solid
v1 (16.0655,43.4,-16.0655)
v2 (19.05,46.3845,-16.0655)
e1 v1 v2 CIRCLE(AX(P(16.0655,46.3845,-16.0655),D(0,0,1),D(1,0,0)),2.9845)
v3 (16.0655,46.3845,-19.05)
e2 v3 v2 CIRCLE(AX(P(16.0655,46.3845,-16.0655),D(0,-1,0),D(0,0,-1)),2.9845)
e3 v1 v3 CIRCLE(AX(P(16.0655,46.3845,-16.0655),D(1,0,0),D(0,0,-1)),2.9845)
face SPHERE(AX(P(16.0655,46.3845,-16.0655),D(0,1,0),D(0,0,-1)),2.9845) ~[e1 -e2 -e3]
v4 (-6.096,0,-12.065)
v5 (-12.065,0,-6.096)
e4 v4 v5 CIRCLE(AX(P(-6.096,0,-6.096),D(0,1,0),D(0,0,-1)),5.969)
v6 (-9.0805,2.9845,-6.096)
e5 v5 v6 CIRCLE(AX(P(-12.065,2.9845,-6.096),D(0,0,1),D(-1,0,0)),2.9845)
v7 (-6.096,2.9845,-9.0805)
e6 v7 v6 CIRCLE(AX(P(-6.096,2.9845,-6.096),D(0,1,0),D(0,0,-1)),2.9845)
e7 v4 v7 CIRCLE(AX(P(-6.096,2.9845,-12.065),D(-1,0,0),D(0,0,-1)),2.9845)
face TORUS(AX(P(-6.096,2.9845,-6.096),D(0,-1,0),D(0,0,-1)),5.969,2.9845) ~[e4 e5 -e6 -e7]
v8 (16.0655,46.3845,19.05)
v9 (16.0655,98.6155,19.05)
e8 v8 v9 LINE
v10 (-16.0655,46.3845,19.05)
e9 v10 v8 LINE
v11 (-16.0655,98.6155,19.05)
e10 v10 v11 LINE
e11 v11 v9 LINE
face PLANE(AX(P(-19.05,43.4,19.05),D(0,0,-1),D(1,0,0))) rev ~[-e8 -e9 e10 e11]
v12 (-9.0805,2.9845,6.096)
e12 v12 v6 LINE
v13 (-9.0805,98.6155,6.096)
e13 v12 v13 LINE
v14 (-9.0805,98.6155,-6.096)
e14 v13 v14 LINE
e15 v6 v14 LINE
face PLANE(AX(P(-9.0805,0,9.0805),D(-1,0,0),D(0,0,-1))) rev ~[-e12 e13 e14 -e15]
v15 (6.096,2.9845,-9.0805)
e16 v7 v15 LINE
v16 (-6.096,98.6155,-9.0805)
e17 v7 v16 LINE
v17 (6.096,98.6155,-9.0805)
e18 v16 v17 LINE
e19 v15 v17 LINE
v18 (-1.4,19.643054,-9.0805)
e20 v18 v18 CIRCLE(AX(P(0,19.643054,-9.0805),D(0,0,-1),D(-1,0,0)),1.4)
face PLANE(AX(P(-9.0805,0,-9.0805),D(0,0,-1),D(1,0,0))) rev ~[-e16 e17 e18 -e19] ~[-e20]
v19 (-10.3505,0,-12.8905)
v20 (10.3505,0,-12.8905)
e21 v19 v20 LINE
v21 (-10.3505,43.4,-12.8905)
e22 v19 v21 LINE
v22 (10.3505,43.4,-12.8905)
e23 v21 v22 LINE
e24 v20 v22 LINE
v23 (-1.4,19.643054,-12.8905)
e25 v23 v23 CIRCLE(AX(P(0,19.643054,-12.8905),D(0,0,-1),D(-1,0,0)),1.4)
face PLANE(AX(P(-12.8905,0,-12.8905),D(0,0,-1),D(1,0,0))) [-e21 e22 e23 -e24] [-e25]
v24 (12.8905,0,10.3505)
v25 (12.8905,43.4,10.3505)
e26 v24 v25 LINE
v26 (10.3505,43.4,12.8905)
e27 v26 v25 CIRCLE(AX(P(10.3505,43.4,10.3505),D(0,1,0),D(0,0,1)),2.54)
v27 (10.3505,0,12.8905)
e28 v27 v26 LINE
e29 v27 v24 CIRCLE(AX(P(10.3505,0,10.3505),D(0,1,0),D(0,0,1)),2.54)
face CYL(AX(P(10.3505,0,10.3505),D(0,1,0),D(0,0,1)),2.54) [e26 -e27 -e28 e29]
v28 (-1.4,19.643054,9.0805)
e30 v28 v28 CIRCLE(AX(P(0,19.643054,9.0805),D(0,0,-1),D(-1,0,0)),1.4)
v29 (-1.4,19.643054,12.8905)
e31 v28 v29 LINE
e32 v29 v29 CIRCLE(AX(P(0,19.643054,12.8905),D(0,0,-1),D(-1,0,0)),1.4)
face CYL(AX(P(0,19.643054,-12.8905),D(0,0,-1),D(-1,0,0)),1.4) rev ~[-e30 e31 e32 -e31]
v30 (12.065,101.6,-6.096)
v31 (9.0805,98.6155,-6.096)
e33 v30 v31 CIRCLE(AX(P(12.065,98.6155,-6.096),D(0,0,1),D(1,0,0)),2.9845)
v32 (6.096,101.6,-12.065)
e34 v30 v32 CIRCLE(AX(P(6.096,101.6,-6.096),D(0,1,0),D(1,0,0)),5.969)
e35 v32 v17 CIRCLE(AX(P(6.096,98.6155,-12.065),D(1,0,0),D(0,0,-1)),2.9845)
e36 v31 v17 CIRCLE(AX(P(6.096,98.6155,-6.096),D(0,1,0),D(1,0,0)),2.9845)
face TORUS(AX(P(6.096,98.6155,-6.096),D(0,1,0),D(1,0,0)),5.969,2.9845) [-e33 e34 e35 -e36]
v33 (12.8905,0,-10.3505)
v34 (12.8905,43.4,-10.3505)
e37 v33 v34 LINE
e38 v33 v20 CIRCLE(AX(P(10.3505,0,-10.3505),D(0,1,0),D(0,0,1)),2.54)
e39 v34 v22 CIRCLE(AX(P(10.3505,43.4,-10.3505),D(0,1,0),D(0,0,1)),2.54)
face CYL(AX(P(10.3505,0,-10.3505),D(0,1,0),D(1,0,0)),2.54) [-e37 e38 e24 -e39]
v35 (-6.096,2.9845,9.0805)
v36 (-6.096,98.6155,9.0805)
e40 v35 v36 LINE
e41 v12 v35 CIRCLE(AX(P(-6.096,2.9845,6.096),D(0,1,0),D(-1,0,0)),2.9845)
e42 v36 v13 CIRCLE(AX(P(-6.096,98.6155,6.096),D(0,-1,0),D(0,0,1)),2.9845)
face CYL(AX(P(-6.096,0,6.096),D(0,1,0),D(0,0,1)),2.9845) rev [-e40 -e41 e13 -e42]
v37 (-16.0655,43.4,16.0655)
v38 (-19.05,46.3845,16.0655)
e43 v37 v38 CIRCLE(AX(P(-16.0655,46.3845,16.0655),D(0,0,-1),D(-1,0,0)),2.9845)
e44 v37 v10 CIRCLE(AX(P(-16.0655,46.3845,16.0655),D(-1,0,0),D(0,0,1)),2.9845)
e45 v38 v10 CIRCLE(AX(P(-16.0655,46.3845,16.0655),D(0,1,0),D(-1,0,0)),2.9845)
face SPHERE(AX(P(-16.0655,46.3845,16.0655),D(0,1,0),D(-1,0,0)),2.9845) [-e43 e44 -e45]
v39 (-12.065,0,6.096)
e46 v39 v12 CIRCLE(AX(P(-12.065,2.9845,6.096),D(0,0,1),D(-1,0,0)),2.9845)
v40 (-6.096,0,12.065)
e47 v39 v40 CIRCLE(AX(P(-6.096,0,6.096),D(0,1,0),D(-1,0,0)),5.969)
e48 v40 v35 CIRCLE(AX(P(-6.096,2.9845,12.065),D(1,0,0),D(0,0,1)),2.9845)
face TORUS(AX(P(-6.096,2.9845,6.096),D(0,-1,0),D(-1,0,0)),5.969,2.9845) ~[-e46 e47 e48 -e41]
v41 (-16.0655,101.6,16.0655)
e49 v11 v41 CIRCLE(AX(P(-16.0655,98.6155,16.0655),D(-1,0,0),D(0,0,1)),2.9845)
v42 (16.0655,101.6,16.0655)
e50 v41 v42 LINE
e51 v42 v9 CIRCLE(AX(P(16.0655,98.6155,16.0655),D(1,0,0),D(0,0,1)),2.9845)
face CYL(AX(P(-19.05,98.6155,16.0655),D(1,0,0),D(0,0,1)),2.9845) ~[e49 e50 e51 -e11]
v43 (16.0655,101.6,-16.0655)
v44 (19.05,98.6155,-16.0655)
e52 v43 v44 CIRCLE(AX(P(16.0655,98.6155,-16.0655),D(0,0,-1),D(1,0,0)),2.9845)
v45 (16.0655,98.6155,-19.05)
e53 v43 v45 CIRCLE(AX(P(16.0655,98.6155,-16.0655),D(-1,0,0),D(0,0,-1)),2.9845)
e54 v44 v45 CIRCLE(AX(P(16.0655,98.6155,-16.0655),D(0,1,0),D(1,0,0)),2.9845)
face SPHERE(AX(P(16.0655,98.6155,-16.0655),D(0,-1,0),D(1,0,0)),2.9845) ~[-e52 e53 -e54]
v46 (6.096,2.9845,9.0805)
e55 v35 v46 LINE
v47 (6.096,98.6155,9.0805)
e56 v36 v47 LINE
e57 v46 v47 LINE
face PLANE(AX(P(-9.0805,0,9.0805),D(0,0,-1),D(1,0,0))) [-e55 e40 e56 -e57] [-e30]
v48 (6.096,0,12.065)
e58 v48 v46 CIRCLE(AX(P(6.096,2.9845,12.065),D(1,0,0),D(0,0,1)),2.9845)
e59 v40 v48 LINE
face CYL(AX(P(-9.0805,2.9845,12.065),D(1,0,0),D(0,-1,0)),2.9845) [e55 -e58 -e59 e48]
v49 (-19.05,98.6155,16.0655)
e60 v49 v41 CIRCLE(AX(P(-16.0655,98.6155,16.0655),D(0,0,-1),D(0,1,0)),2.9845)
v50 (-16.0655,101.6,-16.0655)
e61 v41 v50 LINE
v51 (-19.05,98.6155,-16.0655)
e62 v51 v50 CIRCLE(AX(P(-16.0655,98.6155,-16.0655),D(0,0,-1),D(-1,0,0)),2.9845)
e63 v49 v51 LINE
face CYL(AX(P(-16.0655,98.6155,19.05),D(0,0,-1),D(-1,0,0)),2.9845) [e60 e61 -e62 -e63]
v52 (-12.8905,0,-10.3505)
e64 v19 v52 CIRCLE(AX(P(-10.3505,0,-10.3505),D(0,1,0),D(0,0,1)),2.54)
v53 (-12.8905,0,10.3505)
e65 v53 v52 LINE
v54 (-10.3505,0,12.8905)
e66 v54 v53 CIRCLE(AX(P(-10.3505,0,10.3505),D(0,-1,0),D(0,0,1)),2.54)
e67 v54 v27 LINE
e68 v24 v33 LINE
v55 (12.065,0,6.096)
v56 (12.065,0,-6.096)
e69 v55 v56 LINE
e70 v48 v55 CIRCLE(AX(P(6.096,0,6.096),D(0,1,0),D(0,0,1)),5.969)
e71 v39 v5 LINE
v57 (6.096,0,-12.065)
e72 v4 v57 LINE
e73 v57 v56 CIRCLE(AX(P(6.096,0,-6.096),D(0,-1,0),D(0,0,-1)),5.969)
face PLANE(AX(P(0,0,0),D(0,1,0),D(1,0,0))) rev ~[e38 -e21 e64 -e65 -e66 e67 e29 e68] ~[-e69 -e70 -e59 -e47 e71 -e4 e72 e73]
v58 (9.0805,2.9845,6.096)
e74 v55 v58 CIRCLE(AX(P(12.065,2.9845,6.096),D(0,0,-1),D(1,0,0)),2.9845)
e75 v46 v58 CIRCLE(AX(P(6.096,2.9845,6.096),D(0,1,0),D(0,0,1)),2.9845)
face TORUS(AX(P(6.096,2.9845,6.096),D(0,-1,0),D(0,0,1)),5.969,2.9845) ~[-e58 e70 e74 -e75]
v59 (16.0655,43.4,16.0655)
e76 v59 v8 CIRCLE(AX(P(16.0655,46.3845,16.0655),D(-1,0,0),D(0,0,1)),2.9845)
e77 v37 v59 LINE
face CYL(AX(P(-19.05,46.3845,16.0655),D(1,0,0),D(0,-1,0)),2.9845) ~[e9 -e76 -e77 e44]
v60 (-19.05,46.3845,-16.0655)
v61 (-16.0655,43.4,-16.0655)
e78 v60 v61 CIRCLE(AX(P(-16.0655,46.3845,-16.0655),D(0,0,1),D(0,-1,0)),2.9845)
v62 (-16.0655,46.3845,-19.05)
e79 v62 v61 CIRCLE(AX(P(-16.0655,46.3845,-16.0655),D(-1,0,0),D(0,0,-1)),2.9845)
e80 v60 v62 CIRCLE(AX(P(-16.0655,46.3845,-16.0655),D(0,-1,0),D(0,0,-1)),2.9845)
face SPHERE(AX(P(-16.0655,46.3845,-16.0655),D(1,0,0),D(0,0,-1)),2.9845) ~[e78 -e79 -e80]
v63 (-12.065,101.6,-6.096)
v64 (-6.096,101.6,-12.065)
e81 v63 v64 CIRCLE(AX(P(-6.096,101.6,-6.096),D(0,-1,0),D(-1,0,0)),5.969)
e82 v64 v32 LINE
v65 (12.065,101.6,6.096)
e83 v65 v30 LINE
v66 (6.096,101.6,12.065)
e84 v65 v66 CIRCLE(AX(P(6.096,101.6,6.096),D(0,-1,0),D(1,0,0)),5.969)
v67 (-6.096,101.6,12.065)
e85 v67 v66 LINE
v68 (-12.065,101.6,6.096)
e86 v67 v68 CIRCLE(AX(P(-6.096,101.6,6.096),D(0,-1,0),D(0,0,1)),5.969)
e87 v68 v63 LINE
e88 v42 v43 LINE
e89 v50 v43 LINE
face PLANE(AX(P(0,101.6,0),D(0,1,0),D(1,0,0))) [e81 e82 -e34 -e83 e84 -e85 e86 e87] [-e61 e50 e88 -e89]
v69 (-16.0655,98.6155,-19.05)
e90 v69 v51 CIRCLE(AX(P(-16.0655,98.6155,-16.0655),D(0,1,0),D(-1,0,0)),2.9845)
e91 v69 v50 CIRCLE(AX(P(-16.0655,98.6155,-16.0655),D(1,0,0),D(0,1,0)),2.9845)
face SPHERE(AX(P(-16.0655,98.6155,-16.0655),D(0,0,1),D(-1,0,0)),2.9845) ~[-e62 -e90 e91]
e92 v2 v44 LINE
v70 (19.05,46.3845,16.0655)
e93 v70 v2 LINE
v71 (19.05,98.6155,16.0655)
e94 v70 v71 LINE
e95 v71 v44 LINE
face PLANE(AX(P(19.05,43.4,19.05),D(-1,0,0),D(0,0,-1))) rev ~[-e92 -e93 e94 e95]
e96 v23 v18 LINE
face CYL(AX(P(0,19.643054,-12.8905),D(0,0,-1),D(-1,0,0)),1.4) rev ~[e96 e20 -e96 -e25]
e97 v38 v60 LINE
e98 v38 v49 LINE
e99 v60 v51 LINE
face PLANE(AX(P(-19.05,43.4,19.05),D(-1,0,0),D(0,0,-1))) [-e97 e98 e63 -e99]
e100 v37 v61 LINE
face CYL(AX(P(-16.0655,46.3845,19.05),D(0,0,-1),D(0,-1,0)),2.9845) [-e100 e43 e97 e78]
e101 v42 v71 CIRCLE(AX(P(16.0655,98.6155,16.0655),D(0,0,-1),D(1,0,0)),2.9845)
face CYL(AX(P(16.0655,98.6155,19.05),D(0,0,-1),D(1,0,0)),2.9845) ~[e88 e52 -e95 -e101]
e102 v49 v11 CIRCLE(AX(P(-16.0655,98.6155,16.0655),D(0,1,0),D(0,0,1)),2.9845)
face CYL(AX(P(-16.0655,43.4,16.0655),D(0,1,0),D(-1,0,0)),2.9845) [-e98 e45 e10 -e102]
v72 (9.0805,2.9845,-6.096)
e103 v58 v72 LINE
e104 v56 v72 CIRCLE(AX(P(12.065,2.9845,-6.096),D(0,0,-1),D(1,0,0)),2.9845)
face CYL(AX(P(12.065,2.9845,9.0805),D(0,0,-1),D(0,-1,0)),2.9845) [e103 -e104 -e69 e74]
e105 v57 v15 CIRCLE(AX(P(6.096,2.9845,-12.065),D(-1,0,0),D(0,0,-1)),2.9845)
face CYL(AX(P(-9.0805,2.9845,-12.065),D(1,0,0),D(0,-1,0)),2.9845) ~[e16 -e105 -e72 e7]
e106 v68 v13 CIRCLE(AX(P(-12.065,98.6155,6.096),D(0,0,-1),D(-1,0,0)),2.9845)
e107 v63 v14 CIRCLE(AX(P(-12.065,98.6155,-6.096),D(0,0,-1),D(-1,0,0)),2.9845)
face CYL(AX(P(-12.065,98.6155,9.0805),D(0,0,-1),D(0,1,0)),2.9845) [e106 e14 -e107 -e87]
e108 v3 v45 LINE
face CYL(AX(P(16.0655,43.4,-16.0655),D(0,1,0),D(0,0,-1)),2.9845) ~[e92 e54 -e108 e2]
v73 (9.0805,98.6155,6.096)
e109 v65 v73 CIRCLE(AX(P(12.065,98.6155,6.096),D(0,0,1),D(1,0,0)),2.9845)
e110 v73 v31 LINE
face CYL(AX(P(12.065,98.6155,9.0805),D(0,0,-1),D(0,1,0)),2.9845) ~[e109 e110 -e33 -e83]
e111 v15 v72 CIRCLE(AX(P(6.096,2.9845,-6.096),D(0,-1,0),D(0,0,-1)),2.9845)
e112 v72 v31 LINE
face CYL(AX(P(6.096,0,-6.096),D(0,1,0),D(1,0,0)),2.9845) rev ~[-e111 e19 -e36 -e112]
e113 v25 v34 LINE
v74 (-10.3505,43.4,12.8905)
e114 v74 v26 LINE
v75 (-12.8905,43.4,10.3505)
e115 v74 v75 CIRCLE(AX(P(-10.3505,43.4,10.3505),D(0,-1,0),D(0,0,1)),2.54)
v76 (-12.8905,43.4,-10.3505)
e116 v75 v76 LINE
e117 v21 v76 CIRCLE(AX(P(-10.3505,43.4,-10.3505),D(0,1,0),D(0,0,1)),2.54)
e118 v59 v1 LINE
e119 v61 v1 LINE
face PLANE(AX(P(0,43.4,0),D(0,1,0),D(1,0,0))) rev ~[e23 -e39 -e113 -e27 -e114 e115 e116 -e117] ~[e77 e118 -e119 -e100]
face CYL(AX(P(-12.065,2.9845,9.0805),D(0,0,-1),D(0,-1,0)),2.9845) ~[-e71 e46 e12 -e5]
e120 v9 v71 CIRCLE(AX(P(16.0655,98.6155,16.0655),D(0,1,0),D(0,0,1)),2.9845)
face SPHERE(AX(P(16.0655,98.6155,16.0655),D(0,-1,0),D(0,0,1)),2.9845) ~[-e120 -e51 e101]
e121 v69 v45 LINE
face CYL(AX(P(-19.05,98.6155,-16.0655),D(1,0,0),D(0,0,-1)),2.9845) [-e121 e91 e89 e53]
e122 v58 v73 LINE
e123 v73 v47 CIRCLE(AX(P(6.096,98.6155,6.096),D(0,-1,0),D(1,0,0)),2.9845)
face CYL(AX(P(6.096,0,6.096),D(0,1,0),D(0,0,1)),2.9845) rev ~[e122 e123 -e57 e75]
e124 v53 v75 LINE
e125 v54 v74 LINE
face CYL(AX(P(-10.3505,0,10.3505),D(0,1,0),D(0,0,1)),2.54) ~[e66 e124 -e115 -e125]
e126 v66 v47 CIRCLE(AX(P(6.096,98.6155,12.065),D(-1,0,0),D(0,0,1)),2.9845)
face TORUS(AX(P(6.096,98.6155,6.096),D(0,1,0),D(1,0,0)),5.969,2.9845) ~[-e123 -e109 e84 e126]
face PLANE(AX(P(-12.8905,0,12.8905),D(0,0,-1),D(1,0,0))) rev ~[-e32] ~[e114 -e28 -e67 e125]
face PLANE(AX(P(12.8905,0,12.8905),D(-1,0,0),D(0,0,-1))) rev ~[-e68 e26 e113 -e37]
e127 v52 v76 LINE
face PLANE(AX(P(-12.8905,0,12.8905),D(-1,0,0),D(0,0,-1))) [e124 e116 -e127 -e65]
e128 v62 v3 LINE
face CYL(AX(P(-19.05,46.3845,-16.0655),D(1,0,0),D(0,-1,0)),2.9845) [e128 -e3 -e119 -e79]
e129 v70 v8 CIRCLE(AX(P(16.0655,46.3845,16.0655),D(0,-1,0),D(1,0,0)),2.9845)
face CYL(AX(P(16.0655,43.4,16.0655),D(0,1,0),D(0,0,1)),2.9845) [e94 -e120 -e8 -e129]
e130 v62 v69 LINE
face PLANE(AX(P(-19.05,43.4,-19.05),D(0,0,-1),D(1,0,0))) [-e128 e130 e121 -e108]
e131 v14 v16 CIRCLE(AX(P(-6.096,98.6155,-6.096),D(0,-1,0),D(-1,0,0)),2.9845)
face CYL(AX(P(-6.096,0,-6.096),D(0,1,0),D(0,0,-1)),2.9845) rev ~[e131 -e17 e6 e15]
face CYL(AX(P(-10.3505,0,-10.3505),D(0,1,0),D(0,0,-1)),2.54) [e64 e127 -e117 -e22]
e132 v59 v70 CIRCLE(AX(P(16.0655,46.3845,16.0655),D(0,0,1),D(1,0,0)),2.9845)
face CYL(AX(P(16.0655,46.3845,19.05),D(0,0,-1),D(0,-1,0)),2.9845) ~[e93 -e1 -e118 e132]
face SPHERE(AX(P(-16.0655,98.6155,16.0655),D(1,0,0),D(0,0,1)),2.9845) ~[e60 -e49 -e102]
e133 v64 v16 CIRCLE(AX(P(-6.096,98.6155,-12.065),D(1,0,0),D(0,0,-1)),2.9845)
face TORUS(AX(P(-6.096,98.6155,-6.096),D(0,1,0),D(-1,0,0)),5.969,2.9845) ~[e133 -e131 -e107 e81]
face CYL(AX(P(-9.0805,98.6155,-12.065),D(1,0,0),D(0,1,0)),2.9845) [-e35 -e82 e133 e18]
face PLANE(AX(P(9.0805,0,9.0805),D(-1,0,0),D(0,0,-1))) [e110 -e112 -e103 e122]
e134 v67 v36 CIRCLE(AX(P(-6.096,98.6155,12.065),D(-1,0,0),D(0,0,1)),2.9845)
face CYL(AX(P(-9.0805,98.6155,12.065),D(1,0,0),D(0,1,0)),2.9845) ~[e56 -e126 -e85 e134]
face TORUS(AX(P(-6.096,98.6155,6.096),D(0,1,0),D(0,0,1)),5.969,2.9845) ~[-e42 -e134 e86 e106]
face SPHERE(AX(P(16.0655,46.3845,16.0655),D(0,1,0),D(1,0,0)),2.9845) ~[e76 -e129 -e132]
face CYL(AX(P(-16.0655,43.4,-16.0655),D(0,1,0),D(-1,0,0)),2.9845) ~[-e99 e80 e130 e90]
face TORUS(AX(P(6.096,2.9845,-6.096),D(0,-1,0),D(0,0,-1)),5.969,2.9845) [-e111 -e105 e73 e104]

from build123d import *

# Parameters (mm, degrees)
SKETCH1_W           = 25.781
SKETCH1_H           = 25.781
SKETCH1_W_2         = 18.161
SKETCH1_H_2         = 18.161
BOSS_EXTRUDE1_DEPTH = 101.6
BOSS_EXTRUDE2_START = 43.4
SKETCH1_3_W         = 38.1
SKETCH1_3_H         = 38.1
SKETCH1_3_W_2       = 25.781
SKETCH1_3_H_2       = 25.781
BOSS_EXTRUDE2_DEPTH = 58.2
FILLET1_R           = 2.54
FILLET2_R           = 2.9845
SKETCH2_R           = 1.4
CUT_EXTRUDE1_DEPTH  = 37.592


with BuildPart() as part:
    # Sketch1 → Boss-Extrude1 (new body)
    with BuildSketch(Plane(origin=(0, 0, 0), x_dir=(1, 0, 0), z_dir=(0, 1, 0))):
        Rectangle(SKETCH1_W, SKETCH1_H)
        Rectangle(SKETCH1_W_2, SKETCH1_H_2, mode=Mode.SUBTRACT)
    extrude(amount=BOSS_EXTRUDE1_DEPTH)

    # Sketch1<3> → Boss-Extrude2 (add)
    with BuildSketch(Plane(origin=(0, 0, 0), x_dir=(1, 0, 0), z_dir=(0, 1, 0)).offset(BOSS_EXTRUDE2_START)):
        Rectangle(SKETCH1_3_W, SKETCH1_3_H)
        Rectangle(SKETCH1_3_W_2, SKETCH1_3_H_2, mode=Mode.SUBTRACT)
    extrude(amount=BOSS_EXTRUDE2_DEPTH)

    # Fillet1
    fillet1_edges = [part.edges().sort_by_distance(p)[0] for p in [
        (-12.8905, 21.7, -12.8905),
        (12.8905, 21.7, -12.8905),
        (12.8905, 21.7, 12.8905),
        (-12.8905, 21.7, 12.8905),
    ]]
    fillet(fillet1_edges, radius=FILLET1_R)

    # Fillet2
    fillet2_edges = [part.edges().sort_by_distance(p)[0] for p in [
        (0, 0, 9.0805),
        (9.0805, 0, 0),
        (9.0805, 50.8, -9.0805),
        (-9.0805, 50.8, -9.0805),
        (-9.0805, 50.8, 9.0805),
        (9.0805, 50.8, 9.0805),
        (9.0805, 101.6, 0),
        (0, 101.6, 9.0805),
        (19.05, 72.5, -19.05),
        (0, 43.4, -19.05),
        (19.05, 72.5, 19.05),
        (19.05, 43.4, 0),
        (0, 101.6, 19.05),
        (-19.05, 72.5, 19.05),
        (-19.05, 101.6, 0),
        (-19.05, 72.5, -19.05),
        (-9.0805, 101.6, 0),
        (-19.05, 43.4, 0),
        (0, 43.4, 19.05),
        (19.05, 101.6, 0),
        (0, 101.6, -19.05),
        (0, 101.6, -9.0805),
        (0, 0, -9.0805),
        (-9.0805, 0, 0),
    ]]
    fillet(fillet2_edges, radius=FILLET2_R)

    # Sketch2 → Cut-Extrude1 (cut)
    with BuildSketch(Plane(origin=(0, 0, -12.8905), x_dir=(-1, 0, 0), z_dir=(0, 0, -1))):
        with Locations((0, 19.643054378)):
            Circle(SKETCH2_R)
    extrude(amount=-CUT_EXTRUDE1_DEPTH, mode=Mode.SUBTRACT)


solid = part.part
